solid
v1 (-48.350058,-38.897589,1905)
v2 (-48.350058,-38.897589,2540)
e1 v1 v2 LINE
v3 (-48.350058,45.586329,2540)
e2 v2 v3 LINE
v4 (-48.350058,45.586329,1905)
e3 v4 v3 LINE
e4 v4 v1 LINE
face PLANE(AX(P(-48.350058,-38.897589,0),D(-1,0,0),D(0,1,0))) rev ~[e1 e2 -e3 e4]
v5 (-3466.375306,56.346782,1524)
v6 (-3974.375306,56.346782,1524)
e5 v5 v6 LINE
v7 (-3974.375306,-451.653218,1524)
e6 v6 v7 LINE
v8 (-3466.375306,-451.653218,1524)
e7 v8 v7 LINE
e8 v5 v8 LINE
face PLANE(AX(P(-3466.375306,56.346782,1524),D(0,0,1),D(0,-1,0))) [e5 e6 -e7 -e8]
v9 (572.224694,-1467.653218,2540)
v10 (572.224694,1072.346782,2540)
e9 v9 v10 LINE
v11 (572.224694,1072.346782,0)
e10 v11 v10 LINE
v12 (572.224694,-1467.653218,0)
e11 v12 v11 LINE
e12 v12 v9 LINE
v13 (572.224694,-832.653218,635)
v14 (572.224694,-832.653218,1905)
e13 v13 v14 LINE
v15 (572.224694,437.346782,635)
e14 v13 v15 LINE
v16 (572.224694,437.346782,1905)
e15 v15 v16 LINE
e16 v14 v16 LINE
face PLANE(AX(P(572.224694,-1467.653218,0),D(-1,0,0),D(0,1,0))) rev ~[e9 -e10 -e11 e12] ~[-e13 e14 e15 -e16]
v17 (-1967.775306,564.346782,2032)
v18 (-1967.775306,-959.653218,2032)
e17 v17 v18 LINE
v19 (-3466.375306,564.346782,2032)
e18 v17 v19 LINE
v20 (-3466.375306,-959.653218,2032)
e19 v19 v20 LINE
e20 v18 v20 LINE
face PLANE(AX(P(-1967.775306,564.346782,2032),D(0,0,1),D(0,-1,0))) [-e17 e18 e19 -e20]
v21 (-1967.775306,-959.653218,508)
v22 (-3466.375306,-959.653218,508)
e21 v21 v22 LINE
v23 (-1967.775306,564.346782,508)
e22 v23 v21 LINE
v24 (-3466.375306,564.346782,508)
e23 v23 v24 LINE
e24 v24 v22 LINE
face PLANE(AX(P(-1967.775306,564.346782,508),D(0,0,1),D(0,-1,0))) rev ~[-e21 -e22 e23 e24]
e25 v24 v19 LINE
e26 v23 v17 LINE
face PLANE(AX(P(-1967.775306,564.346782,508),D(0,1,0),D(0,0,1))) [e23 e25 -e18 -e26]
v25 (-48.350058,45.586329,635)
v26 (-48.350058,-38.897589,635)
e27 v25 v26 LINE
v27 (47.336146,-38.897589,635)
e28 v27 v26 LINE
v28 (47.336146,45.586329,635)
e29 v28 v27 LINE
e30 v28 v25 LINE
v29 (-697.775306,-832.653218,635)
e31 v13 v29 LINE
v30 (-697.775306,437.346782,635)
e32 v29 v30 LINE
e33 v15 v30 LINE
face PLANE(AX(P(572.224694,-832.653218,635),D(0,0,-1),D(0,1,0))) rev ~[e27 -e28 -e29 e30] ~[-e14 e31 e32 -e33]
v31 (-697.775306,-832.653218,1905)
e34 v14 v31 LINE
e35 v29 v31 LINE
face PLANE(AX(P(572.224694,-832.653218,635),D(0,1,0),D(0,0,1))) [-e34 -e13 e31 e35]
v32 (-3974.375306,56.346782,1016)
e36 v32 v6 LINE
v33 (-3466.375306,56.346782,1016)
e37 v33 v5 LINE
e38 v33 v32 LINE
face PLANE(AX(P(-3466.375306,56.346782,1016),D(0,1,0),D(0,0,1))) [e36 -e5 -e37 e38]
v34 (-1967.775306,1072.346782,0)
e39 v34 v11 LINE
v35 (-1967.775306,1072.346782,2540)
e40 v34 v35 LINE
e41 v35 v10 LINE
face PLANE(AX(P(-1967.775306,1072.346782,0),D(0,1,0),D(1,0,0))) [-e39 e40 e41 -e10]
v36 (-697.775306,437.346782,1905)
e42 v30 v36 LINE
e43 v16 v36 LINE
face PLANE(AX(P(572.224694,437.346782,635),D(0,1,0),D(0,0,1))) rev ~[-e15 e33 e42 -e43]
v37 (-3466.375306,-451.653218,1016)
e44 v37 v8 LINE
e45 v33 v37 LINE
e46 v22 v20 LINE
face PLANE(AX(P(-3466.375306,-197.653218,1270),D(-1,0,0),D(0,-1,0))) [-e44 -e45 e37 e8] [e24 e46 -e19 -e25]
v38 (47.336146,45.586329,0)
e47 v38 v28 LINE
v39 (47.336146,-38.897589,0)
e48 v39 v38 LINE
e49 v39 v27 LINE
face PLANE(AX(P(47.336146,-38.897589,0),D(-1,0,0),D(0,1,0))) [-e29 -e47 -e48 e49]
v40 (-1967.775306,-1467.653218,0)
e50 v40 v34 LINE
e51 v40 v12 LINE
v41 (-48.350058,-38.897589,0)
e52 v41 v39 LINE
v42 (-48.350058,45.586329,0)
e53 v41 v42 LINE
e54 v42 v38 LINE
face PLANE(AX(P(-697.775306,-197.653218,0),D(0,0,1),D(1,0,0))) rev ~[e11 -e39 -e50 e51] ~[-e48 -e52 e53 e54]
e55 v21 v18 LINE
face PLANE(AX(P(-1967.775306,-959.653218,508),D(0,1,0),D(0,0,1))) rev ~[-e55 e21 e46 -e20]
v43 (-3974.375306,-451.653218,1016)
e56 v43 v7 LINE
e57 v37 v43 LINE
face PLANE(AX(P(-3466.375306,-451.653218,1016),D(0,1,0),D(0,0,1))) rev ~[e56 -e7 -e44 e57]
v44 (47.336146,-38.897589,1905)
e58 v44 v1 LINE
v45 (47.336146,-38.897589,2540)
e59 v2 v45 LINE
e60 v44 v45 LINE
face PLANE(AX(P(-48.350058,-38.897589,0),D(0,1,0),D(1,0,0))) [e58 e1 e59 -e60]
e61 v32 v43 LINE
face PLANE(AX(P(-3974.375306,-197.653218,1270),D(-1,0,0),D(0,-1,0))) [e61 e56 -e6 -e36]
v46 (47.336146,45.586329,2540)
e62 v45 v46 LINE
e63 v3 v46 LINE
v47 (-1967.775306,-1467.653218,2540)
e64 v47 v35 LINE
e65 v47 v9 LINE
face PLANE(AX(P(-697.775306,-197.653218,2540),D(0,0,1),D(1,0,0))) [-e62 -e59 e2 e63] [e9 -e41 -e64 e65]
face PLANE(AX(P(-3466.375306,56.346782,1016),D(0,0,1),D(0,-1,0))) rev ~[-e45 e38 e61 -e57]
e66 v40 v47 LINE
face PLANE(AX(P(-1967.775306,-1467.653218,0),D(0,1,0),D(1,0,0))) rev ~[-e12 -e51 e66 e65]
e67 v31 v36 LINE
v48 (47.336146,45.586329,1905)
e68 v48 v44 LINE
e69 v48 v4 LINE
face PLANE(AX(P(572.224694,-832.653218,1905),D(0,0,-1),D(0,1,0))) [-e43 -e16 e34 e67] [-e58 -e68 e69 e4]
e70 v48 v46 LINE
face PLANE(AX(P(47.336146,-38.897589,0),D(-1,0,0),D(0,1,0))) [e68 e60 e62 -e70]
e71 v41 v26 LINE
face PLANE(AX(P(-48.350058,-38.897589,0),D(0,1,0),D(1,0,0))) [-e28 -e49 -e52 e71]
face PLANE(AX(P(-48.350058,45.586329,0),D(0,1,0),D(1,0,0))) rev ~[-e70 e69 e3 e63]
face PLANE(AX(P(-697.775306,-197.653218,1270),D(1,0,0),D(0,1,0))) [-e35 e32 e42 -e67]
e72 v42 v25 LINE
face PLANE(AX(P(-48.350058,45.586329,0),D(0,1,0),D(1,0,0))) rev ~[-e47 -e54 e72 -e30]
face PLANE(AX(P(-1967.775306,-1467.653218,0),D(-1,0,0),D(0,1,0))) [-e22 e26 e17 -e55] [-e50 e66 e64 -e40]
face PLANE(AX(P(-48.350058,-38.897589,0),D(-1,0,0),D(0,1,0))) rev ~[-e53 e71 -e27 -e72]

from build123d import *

# Parameters (mm, degrees)
F0_W     = 2540
F0_H     = 2540
F0_W_2   = 95.686204
F0_H_2   = 84.483918
F1_DEPTH = 2540
F2_W     = 1524
F2_H     = 1524
F3_DEPTH = 1498.6
F4_W     = 508
F4_H     = 508
F5_DEPTH = 508
F7_W     = 1270
F7_H     = 1270
F8_DEPTH = 1270


with BuildPart() as f1:
    # F0 (on Top) → F1 (new body)
    with BuildSketch(Plane.XY):
        with Locations((-697.775306, -197.653218)):
            Rectangle(F0_W, F0_H)
        with Locations((-0.506956, 3.34437)):
            Rectangle(F0_W_2, F0_H_2, mode=Mode.SUBTRACT)
    extrude(amount=F1_DEPTH)

    # F2 (on face) → F3 (join)
    with BuildSketch(Plane(origin=(-1967.775306, 0, 0), x_dir=(0, -1, 0), z_dir=(-1, 0, 0))):
        with Locations((197.653218, 1270)):
            Rectangle(F2_W, F2_H)
    extrude(amount=F3_DEPTH)

    # F4 (on face) → F5 (join)
    with BuildSketch(Plane(origin=(-3466.375306, 0, 0), x_dir=(0, -1, 0), z_dir=(-1, 0, 0))):
        with Locations((197.653218, 1270)):
            Rectangle(F4_W, F4_H)
    extrude(amount=F5_DEPTH)

    # F7 (on face) → F8 (cut)
    with BuildSketch(Plane.YZ.offset(572.224694)):
        with Locations((-197.653218, 1270)):
            Rectangle(F7_W, F7_H)
    extrude(amount=-F8_DEPTH, mode=Mode.SUBTRACT)


solid = f1.part
